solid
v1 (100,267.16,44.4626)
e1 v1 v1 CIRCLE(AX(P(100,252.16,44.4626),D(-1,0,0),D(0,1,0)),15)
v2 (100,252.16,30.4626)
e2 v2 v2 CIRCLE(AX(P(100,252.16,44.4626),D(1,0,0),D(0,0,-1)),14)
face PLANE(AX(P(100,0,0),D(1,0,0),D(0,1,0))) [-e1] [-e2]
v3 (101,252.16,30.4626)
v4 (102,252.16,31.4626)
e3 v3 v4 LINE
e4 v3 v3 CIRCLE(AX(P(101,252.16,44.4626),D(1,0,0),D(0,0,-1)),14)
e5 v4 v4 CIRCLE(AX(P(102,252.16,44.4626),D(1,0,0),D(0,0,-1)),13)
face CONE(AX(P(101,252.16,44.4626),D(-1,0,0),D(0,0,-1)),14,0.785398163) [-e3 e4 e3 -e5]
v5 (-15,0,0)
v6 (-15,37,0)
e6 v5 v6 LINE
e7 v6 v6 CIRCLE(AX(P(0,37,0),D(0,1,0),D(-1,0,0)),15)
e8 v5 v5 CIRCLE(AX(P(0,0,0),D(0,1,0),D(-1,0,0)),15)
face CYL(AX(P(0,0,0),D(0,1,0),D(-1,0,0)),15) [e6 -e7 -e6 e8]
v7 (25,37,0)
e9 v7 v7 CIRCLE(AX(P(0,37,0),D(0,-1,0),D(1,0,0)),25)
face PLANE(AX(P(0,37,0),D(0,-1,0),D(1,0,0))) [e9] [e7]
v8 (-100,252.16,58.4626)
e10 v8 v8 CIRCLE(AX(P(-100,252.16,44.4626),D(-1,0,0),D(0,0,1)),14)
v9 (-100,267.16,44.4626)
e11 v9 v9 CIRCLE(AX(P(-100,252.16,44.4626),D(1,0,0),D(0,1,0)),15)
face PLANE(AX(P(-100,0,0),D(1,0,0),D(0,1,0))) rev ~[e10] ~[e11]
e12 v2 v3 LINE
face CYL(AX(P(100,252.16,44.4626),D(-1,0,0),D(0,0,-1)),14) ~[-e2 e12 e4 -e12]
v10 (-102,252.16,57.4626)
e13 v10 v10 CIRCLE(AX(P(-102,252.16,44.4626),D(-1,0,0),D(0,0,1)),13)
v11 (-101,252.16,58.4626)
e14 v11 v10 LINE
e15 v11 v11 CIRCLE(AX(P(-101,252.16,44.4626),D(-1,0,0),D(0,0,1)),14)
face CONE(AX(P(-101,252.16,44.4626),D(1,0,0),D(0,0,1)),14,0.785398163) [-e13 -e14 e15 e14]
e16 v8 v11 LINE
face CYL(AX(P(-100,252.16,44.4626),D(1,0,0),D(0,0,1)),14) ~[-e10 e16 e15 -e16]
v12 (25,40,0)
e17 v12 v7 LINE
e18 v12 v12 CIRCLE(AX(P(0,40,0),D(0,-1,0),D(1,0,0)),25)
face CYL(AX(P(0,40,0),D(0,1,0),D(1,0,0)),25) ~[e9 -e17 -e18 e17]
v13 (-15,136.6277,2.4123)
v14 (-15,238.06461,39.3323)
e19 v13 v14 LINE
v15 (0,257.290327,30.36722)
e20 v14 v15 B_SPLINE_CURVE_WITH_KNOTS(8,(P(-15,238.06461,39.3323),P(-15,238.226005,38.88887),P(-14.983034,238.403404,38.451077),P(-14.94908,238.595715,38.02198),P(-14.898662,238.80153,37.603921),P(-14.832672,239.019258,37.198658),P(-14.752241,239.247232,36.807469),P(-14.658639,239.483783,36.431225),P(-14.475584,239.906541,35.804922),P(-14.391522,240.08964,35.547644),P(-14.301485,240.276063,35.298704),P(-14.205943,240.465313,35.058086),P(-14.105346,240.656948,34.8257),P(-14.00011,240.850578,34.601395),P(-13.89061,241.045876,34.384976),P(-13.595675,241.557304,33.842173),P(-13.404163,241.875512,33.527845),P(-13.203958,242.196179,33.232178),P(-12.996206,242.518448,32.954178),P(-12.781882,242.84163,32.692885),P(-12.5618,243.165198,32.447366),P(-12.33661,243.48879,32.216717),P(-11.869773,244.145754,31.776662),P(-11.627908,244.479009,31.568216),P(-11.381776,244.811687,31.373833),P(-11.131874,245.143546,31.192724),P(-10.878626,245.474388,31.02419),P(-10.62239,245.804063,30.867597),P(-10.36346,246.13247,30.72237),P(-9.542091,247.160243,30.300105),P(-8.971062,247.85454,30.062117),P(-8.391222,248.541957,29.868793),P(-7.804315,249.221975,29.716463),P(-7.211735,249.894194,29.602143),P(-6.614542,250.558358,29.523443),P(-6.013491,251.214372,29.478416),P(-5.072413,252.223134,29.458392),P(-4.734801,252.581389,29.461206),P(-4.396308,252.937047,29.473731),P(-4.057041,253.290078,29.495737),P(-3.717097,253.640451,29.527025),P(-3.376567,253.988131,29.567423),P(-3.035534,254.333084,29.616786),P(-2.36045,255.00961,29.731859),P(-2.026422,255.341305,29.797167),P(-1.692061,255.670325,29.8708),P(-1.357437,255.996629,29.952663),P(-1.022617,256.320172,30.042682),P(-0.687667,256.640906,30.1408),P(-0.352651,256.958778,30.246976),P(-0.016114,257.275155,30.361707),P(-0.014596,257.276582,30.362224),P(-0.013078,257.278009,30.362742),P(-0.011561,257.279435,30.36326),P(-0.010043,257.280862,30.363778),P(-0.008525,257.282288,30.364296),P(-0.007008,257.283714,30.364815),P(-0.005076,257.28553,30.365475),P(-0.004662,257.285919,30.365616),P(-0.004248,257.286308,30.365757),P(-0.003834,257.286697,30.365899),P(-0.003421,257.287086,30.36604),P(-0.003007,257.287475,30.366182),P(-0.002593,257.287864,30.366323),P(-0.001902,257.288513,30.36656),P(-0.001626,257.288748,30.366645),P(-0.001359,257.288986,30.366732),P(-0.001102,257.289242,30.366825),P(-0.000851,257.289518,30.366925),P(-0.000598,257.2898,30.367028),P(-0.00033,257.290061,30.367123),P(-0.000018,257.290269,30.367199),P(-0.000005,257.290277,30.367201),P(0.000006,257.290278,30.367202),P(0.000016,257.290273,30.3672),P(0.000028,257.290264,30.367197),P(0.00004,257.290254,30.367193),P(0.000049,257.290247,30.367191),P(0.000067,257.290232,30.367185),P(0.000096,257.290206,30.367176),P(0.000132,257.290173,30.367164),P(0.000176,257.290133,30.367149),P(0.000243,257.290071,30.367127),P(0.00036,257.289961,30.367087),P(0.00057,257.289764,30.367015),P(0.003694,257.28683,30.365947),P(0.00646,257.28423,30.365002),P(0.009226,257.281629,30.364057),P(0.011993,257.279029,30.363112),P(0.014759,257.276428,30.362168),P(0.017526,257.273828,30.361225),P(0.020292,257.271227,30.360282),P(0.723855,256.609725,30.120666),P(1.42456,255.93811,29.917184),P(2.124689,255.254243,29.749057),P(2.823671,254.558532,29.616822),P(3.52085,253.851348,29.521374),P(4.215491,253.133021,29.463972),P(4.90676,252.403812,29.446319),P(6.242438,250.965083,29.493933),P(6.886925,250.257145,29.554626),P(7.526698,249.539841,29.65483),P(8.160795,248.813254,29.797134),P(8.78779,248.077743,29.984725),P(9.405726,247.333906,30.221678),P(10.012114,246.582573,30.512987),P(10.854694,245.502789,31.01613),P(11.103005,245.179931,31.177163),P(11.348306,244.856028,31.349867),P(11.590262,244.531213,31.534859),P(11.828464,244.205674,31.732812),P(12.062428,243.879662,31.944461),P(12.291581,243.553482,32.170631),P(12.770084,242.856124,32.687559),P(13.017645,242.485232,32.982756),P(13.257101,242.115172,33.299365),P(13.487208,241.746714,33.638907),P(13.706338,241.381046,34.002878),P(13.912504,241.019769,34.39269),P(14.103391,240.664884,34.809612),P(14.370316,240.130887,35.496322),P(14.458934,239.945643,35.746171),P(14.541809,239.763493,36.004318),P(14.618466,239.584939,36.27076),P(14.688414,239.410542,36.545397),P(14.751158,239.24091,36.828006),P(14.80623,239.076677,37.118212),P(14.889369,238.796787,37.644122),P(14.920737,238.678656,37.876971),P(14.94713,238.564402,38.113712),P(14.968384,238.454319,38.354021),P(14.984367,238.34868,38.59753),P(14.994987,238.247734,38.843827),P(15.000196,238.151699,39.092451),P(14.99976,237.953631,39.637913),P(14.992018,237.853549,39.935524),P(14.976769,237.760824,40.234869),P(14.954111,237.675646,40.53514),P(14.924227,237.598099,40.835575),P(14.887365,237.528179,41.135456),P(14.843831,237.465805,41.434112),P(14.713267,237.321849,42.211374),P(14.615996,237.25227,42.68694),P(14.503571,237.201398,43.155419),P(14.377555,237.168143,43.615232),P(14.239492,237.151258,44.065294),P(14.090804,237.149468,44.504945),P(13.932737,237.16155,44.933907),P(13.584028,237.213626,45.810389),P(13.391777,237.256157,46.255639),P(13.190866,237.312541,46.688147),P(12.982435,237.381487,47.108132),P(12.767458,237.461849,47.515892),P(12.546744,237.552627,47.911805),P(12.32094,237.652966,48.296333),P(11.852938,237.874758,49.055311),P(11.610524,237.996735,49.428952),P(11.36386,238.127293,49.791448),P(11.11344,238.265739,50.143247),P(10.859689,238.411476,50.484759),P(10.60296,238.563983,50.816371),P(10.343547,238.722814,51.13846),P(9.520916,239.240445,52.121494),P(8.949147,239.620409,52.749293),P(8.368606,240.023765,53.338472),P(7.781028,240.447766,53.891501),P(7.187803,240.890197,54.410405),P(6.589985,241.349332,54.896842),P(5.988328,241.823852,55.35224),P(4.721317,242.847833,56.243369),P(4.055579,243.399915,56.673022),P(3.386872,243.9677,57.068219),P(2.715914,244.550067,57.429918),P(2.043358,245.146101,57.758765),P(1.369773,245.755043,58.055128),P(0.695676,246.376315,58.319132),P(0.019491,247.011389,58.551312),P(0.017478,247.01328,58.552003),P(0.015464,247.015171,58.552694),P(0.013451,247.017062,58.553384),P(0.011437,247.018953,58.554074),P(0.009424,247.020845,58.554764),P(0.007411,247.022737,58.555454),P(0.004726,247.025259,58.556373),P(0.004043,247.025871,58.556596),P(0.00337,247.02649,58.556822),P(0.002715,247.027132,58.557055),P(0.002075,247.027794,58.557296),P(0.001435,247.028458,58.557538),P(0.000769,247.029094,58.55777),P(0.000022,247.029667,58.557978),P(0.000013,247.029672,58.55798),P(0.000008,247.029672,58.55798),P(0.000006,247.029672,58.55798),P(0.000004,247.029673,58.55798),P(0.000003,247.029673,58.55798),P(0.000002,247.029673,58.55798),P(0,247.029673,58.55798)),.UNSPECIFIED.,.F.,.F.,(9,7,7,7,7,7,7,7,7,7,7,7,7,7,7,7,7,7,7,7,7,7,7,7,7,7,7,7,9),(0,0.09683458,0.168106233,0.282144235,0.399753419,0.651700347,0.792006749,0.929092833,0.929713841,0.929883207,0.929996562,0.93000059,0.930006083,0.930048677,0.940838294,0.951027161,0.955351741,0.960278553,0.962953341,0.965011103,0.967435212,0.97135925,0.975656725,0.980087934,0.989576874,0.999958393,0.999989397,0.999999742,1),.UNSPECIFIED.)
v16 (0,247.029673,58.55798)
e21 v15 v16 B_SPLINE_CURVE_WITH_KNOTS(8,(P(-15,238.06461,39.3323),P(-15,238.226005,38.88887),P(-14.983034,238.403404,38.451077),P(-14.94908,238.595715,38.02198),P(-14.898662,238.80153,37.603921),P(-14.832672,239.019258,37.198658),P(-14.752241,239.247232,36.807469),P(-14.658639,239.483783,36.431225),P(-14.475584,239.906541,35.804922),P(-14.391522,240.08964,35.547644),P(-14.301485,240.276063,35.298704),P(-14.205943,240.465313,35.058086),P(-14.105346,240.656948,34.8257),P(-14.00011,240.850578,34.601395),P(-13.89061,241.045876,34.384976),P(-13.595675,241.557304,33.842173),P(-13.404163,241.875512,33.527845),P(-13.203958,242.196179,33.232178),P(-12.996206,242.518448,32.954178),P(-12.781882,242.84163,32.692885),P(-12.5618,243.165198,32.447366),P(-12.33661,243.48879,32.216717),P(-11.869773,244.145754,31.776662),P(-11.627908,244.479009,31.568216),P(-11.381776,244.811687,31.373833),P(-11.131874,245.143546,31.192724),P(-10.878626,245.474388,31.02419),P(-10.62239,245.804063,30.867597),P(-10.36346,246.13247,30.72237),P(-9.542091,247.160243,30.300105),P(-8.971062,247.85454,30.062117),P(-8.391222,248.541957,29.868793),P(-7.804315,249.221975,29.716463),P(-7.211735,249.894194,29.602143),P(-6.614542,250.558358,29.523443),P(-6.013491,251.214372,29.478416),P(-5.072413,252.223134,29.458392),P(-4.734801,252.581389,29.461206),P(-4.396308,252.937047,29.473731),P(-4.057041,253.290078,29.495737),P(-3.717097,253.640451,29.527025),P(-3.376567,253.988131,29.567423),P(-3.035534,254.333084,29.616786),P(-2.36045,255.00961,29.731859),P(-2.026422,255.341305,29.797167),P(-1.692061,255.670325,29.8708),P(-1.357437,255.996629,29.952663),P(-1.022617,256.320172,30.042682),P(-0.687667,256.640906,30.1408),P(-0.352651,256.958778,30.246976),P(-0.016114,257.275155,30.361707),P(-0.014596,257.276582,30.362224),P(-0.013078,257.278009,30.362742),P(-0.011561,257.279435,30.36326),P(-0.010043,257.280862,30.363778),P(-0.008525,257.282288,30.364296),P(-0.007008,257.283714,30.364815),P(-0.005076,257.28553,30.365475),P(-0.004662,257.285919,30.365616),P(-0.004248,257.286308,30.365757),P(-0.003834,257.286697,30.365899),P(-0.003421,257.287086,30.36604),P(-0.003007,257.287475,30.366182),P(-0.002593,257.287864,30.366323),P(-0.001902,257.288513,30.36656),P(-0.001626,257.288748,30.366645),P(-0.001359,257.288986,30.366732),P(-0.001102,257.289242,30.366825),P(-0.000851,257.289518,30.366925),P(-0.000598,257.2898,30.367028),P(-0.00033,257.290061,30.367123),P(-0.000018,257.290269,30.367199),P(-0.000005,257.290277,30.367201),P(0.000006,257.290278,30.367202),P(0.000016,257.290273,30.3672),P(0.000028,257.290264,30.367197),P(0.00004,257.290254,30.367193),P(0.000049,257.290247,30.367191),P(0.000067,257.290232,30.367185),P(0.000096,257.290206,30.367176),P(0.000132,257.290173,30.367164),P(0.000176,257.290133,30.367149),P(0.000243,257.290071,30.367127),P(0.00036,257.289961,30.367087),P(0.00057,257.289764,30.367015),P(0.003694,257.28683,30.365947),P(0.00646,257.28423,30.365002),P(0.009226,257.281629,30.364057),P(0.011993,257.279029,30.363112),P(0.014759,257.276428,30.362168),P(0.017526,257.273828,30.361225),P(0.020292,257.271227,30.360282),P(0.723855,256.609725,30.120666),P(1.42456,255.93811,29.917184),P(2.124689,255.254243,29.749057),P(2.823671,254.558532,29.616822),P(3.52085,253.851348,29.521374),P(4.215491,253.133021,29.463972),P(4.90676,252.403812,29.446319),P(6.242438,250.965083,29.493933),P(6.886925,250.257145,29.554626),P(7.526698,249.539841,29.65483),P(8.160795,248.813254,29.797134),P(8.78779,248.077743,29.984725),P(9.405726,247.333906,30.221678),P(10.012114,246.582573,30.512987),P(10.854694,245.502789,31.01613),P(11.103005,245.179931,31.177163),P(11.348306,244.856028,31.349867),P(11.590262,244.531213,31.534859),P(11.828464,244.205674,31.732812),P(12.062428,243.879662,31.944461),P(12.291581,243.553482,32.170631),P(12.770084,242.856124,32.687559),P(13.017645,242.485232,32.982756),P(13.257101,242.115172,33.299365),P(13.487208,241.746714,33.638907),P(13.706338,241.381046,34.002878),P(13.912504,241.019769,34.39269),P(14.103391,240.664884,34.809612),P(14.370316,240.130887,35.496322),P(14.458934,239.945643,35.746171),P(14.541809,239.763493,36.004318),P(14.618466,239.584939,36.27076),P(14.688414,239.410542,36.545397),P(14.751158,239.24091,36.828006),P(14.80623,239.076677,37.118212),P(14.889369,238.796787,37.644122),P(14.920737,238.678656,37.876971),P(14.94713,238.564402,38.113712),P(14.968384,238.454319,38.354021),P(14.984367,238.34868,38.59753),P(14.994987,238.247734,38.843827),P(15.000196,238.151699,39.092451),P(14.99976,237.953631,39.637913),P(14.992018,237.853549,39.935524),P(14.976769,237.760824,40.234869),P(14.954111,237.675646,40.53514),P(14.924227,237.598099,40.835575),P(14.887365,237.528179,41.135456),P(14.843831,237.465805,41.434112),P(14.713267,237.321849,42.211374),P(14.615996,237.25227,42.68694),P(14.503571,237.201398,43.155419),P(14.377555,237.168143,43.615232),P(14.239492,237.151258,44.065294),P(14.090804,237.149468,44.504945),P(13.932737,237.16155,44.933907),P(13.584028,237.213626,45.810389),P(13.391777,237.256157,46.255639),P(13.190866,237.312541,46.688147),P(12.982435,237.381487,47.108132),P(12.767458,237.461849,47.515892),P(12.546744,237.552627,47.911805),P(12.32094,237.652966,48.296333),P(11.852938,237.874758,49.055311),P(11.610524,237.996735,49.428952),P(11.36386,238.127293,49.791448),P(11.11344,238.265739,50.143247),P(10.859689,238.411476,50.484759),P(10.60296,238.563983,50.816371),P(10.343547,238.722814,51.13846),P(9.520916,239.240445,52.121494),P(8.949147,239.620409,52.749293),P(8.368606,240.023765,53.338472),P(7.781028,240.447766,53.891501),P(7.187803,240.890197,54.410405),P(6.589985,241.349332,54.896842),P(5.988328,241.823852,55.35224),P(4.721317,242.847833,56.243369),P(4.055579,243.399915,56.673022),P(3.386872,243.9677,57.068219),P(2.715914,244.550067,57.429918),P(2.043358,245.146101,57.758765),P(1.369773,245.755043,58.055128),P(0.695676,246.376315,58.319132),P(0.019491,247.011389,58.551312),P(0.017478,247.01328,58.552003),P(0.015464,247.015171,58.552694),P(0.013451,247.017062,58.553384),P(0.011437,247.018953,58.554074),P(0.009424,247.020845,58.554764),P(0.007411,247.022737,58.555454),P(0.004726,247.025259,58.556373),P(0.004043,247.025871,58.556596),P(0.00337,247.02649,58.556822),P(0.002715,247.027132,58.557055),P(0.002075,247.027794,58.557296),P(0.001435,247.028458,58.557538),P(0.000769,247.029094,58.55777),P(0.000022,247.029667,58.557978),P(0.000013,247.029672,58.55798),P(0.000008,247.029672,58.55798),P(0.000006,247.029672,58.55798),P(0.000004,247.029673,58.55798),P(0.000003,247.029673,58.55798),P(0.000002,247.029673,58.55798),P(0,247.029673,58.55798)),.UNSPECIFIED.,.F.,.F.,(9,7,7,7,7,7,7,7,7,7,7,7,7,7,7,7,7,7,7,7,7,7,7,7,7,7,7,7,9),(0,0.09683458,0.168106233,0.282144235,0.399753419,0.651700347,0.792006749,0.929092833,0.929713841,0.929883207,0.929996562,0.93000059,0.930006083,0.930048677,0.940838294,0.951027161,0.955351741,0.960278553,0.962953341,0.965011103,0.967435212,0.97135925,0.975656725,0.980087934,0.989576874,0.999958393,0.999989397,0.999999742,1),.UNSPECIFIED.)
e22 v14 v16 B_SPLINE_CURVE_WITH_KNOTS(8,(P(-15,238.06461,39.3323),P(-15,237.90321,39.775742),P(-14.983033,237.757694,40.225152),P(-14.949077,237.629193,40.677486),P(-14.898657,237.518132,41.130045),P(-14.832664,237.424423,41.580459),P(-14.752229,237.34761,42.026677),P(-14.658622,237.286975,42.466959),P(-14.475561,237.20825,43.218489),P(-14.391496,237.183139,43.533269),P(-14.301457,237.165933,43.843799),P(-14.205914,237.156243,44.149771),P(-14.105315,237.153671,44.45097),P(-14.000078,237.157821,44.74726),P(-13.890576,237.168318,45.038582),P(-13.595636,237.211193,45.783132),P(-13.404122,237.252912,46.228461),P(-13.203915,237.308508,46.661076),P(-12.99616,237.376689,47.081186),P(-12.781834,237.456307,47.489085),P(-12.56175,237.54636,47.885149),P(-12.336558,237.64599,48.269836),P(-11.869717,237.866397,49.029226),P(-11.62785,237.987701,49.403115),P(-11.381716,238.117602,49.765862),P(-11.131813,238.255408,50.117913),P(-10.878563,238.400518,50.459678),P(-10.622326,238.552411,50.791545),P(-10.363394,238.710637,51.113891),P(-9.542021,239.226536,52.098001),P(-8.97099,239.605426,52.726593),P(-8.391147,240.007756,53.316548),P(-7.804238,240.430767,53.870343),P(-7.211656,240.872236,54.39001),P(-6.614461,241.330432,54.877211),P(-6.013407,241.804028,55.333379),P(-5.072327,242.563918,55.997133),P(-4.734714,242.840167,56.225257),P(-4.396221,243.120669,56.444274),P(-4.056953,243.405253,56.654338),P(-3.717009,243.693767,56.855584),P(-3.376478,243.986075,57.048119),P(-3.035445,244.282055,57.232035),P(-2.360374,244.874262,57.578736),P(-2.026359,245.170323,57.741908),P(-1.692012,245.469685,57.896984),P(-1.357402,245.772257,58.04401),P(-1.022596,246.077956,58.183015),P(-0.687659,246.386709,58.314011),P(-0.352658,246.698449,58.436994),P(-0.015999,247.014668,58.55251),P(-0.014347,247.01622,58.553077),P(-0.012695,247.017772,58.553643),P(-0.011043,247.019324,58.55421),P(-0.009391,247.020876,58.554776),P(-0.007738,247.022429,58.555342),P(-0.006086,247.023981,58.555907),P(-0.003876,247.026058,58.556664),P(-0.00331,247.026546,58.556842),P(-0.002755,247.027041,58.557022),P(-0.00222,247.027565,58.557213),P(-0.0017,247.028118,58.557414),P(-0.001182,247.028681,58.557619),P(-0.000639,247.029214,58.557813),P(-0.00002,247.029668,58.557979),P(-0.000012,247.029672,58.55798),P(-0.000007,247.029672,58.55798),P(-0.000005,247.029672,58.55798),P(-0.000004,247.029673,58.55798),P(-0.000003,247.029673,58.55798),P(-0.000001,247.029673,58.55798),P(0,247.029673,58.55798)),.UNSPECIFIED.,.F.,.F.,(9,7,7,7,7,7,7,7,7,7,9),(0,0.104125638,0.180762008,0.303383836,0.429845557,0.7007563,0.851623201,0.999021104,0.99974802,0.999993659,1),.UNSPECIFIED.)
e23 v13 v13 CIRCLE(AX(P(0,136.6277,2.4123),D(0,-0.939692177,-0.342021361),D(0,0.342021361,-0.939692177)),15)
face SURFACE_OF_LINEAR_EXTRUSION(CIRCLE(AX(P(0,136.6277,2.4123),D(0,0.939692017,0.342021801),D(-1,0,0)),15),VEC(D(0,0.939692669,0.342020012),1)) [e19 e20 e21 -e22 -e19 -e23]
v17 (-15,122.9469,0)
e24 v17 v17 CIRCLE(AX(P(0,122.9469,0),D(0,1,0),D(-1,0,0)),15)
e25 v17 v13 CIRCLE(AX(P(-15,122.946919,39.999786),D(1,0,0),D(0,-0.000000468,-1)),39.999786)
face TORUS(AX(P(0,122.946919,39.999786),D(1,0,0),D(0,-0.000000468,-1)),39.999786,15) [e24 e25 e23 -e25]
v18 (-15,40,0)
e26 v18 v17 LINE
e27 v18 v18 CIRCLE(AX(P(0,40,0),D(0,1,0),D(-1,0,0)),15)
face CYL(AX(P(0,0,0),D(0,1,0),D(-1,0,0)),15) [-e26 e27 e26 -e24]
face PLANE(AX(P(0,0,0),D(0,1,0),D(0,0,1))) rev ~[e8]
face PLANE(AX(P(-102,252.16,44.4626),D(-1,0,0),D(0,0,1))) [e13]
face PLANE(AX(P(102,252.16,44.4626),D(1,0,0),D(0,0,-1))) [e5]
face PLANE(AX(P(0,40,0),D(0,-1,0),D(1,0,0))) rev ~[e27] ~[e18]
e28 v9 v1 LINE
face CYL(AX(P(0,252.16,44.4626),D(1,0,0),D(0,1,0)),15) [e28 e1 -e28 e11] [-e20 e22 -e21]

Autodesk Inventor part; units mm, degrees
ref_plane "YZ Plane" through (0, 0, 0) normal (1, 0, 0) x (0, 1, 0)
ref_plane "XZ Plane" through (0, 0, 0) normal (0, 1, 0) x (-1, 0, 0)
sketch "Skizze1" plane through (0, 0, 0) normal (0, 1, 0) x (-1, 0, 0)
  circle A0 centre (0, 0) radius 15
  dimension "d0" = 30
sketch "Skizze2" plane through (0, 0, 0) normal (1, 0, 0) x (0, 1, 0)
  line L0 (0, 0) -> (122.9469, 0)
  line L1 (136.6277, 2.4123) -> (252.16, 44.4626)
  arc A0 (122.9469, 0) -> (136.6277, 2.4123) centre (122.9469, 40) ccw
  point P0 (130, 0)
  dimension "d1" = 160
  dimension "d2" = 130
  dimension "d3" = 130
  dimension "d4" = 40
sweep "Sweeping1" add profiles "Skizze1" path "Skizze2"
sketch "Skizze3" plane through (0, 0, 0) normal (1, 0, 0) x (0, 1, 0)
  line L0 (257.2903, 30.3672) -> (247.0297, 58.558) projected
  line L1 (141.758, -11.6831) -> (131.4974, 16.5077) projected
  line L2 (257.2903, 30.3672) -> (247.0297, 58.558) projected
  circle A0 centre (252.16, 44.4626) radius 15
  point P0 (0, 0)
extrude "Extrusion1" add sketch "Skizze3" along normal mid plane 200
ref_plane "Arbeitsebene1" through (0, 40, 0) normal (0, -1, 0) x (1, 0, 0)
sketch "Skizze4" plane through (0, 40, 0) normal (0, -1, 0) x (1, 0, 0)
  circle A0 centre (0, 0) radius 25
  dimension "d10" = 50
extrude "Extrusion2" add sketch "Skizze4" along normal blind 3
sketch "Skizze5" plane through (100, 252.16, 44.4626) normal (1, 0, 0) x (0, 0, -1)
  circle A0 centre (0, 0) radius 14
  point P0 (44.4626, -252.16)
  dimension "d13" = 28
extrude "Extrusion3" add sketch "Skizze5" along normal blind 2
sketch "Skizze6" plane through (-100, 252.16, 44.4626) normal (-1, 0, 0) x (0, 0, 1)
  circle A0 centre (0, 0) radius 14
  point P0 (-44.4626, -252.16)
  dimension "d16" = 28
extrude "Extrusion4" add sketch "Skizze6" along normal blind 2
chamfer "Fase1" distance 1 angle 45 2 edges at (102, 252.16, 58.4626) (-102, 252.16, 30.4626)
properties part number "Bootsklampe Metall"
